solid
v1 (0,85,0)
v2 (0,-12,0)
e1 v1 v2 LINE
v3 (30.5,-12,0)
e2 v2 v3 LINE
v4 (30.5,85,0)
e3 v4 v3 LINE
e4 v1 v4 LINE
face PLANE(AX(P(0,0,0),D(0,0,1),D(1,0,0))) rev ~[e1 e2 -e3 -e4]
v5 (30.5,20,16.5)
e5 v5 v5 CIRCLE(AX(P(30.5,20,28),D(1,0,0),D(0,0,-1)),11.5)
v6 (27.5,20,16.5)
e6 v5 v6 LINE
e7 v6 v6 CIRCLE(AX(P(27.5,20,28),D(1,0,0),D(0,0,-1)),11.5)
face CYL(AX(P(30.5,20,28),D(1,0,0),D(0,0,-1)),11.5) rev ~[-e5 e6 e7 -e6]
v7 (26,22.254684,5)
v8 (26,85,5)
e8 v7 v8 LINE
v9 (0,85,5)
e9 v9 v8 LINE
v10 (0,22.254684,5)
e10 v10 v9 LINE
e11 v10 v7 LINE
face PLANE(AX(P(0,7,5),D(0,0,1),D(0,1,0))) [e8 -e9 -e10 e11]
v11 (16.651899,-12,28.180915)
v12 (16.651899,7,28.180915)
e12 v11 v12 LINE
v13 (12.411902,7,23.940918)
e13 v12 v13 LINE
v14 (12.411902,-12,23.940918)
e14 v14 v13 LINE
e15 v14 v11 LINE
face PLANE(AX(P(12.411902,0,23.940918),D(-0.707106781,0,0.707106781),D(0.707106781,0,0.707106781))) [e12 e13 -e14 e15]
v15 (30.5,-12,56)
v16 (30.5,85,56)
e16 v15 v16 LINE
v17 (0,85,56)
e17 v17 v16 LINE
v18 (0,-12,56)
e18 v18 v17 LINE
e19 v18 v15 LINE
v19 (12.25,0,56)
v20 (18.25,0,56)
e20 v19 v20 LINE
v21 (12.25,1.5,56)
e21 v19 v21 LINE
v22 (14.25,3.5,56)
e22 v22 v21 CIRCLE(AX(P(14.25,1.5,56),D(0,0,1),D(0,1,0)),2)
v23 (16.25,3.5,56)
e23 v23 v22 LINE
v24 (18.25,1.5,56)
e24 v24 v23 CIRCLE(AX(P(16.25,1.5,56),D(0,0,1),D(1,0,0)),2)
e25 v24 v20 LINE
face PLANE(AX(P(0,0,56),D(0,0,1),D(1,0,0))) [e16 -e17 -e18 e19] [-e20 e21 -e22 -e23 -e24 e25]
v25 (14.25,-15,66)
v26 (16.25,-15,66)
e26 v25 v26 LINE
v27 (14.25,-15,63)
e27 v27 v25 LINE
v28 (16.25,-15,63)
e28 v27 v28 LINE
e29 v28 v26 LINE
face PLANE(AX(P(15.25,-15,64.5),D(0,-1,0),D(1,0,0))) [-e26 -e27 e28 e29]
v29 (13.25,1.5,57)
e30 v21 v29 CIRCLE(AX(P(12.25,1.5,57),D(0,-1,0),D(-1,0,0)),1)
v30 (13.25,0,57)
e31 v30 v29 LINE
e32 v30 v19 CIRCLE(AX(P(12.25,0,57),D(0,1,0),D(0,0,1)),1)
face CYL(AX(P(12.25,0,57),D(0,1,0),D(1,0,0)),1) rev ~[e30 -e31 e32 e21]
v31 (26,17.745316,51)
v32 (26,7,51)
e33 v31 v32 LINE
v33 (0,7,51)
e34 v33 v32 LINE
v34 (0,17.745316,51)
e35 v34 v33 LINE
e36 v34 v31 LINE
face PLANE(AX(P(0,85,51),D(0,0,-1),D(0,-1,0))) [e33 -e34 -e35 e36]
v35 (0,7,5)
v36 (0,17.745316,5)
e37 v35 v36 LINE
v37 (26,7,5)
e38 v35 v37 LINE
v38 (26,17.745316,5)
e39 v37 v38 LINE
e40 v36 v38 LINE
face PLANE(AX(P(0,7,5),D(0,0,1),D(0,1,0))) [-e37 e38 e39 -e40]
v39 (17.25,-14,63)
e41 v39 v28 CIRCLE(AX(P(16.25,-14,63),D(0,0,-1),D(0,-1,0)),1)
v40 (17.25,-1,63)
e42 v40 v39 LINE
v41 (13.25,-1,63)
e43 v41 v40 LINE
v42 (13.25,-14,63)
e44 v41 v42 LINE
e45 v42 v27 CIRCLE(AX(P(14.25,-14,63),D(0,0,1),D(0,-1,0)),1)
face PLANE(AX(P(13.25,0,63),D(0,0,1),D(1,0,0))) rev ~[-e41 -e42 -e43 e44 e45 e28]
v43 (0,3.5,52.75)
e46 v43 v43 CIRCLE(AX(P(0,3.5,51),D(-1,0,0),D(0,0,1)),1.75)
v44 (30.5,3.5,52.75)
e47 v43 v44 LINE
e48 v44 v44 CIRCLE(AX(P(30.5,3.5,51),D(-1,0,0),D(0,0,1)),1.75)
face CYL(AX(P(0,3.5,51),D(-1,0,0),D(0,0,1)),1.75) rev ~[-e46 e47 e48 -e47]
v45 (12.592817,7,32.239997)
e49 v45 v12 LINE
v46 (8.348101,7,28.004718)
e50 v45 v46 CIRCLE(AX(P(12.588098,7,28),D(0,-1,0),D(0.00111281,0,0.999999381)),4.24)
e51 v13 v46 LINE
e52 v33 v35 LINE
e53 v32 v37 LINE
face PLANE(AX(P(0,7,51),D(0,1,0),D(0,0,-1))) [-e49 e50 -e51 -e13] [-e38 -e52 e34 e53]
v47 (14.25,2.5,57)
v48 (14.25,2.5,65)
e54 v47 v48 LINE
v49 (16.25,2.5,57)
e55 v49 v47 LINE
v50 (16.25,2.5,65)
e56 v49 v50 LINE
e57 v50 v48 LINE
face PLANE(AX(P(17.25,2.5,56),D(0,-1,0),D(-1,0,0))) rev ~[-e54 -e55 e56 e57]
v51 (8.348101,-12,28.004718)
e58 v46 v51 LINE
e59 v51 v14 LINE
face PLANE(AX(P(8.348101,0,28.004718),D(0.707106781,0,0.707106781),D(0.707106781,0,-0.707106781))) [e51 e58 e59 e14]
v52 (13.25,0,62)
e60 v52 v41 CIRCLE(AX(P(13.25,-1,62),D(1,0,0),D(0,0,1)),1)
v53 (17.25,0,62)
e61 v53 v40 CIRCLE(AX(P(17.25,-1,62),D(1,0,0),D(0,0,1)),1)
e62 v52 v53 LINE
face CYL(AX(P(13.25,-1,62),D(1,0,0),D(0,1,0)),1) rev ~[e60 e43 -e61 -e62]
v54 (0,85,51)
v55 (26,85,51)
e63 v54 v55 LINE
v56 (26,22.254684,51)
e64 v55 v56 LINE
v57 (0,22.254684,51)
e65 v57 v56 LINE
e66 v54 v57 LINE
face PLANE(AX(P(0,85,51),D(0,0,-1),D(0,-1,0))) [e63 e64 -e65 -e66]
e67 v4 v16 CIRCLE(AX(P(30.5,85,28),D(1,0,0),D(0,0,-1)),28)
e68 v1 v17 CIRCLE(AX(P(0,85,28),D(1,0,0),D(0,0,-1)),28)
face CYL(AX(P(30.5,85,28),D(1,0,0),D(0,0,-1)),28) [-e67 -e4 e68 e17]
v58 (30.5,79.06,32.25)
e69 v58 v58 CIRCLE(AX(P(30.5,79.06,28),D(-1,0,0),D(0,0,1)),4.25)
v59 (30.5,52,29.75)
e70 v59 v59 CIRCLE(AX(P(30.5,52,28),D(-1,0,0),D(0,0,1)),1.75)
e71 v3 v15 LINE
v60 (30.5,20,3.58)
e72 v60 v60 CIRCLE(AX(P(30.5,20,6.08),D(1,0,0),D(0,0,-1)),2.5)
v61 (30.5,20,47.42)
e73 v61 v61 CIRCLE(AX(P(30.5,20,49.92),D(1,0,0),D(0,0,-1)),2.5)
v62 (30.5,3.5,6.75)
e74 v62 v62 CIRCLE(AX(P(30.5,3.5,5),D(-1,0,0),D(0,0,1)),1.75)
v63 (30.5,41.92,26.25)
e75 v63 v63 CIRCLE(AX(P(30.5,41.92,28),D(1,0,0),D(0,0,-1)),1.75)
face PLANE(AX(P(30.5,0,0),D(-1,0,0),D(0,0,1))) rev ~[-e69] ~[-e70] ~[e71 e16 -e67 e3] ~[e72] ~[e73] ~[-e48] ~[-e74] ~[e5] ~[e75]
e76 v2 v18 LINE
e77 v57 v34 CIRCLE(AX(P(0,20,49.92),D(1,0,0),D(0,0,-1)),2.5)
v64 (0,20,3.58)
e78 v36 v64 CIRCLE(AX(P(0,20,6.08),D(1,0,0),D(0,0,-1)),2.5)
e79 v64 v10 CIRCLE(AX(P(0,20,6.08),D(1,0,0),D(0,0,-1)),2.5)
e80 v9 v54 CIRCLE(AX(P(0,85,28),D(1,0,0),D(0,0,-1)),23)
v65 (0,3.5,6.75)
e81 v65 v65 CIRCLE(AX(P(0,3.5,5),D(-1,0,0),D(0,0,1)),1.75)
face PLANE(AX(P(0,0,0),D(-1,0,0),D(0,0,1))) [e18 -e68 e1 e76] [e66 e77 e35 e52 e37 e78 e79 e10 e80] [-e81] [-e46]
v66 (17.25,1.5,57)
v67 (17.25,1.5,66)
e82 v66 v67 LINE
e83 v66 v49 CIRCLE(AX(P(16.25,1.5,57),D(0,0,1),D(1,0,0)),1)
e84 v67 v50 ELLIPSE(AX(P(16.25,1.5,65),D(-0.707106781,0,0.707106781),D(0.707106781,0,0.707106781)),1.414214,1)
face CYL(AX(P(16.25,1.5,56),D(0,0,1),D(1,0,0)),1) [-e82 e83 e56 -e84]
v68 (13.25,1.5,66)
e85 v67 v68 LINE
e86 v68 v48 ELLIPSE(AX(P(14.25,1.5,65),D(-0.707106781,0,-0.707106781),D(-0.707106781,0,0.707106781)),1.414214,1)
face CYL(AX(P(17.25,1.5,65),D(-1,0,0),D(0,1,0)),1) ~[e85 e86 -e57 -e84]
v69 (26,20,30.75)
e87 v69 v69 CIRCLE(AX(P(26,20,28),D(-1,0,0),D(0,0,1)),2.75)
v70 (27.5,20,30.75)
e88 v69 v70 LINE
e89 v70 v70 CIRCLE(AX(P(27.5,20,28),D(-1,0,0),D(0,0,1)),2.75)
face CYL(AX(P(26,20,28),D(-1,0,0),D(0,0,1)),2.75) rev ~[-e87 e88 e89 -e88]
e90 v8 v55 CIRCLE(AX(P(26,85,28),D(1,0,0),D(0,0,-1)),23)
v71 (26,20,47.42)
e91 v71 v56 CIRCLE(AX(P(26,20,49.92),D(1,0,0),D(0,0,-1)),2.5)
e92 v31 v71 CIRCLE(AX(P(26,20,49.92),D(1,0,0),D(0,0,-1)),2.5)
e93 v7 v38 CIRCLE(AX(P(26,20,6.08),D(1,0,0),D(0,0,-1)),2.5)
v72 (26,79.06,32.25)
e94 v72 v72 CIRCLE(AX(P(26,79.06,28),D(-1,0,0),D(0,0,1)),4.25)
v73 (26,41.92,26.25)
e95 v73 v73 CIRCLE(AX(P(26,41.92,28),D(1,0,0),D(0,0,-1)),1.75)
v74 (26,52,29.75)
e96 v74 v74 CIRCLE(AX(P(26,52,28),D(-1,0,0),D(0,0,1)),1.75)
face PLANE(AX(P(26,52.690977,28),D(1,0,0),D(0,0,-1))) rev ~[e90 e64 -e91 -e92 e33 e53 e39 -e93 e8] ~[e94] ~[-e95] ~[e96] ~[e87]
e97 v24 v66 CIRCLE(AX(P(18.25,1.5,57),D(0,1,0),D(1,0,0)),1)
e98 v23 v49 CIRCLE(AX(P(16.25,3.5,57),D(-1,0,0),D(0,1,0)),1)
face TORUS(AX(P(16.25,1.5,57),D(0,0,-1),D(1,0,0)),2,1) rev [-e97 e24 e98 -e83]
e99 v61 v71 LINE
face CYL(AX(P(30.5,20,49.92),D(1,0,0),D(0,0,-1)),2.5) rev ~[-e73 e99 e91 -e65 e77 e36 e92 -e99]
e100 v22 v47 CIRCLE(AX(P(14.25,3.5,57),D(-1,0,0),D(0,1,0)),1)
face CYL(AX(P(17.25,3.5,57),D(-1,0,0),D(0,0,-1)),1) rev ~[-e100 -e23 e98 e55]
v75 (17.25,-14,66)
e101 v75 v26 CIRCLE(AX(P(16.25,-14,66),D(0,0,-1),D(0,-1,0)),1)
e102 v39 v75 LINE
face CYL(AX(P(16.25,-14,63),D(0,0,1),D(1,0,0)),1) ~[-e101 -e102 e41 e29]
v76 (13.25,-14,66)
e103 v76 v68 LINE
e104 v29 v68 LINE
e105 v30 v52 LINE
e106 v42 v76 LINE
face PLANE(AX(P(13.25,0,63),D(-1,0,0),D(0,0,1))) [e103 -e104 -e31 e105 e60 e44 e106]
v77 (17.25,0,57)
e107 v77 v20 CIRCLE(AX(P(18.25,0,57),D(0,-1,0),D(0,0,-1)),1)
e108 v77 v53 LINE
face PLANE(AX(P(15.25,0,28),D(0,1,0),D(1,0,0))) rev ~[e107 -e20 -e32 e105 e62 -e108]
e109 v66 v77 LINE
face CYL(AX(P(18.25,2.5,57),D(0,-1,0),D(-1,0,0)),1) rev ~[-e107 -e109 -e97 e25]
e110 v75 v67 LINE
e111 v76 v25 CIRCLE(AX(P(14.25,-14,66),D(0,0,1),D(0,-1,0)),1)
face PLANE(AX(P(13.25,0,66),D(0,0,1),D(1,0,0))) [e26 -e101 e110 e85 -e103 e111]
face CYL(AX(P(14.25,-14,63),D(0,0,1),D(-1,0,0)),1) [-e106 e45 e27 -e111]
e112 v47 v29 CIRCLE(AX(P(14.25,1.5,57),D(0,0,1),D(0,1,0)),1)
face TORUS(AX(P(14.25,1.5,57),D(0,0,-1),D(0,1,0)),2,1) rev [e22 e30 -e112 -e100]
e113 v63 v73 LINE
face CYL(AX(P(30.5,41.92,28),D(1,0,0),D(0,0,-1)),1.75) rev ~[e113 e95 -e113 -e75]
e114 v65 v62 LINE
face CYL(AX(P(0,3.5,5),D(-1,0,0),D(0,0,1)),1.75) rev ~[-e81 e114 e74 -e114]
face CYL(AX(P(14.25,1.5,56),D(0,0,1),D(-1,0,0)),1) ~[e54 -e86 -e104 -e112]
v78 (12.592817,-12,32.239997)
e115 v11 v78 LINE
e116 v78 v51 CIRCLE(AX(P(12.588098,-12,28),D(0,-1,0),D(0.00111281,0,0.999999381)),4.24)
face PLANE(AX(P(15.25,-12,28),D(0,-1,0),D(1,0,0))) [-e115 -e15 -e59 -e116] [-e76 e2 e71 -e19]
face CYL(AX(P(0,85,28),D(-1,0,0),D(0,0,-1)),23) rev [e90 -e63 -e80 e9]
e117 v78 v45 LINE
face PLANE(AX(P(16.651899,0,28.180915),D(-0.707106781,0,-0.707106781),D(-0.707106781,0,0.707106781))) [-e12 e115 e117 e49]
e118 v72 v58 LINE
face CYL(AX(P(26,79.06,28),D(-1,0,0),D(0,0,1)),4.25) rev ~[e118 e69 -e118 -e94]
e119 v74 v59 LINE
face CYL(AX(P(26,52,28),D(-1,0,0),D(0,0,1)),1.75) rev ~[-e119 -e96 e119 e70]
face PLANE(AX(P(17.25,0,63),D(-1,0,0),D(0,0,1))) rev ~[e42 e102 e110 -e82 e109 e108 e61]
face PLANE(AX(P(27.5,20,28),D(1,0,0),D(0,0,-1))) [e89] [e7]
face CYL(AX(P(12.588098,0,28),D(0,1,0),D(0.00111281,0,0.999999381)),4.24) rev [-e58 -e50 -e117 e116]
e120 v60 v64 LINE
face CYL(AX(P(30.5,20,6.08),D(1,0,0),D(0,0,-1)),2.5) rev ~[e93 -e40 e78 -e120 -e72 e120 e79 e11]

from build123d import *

# Parameters (mm, degrees)
SKETCH2_W           = 30.5
SKETCH2_H           = 56
BOSS_EXTRUDE3_DEPTH = 85
BOSS_EXTRUDE4_DEPTH = 30.5
CUT_EXTRUDE2_DEPTH  = 26
SKETCH5_R           = 2.75
SKETCH5_R_2         = 4.25
SKETCH5_R_3         = 1.75
CUT_EXTRUDE3_DEPTH  = 10
SKETCH7_R           = 11.5
CUT_EXTRUDE5_DEPTH  = 3
SKETCH9_R           = 1.75
CUT_EXTRUDE7_DEPTH  = 77
SKETCH6_R           = 2.5
SKETCH6_R_2         = 1.75
CUT_EXTRUDE8_DEPTH  = 77
BOSS_EXTRUDE5_DEPTH = 10
SKETCH12_W          = 4
SKETCH12_H          = 3
BOSS_EXTRUDE6_DEPTH = 15
FILLET2_R           = 1
SKETCH13_W          = 30.5
SKETCH13_H          = 56
BOSS_EXTRUDE7_DEPTH = 12
CUT_EXTRUDE9_DEPTH  = 22


with BuildPart() as part:
    # Sketch2 → Boss-Extrude3 (new body)
    with BuildSketch(Plane(origin=(0, 0, 0), x_dir=(1, 0, 0), z_dir=(0, 1, 0))):
        with Locations((15.25, -28)):
            Rectangle(SKETCH2_W, SKETCH2_H)
    extrude(amount=BOSS_EXTRUDE3_DEPTH)

    # Sketch4 → Boss-Extrude4 (add)
    with BuildSketch(Plane(origin=(30.5, 0, 0), x_dir=(0, 0, -1), z_dir=(1, 0, 0))):
        with BuildLine():
            Line((-56, 85), (0, 85))
            ThreePointArc((0, 85), (-28, 113), (-56, 85))
        make_face()
    extrude(amount=-BOSS_EXTRUDE4_DEPTH)

    # Sketch3 → Cut-Extrude2 (cut)
    with BuildSketch(Plane.ZY):
        with BuildLine():
            Line((5, 10), (5, 80))
            Line((5, 80), (5, 85))
            ThreePointArc((5, 85), (28, 108), (51, 85))
            Line((51, 85), (51, 80))
            Line((51, 80), (51, 10))
            Line((51, 10), (51, 7))
            Line((51, 7), (5, 7))
            Line((5, 7), (5, 10))
        make_face()
    extrude(amount=-CUT_EXTRUDE2_DEPTH, mode=Mode.SUBTRACT)

    # Sketch5 → Cut-Extrude3 (cut)
    with BuildSketch(Plane.ZY.offset(-26)):
        with Locations((28, 20)):
            Circle(SKETCH5_R)
        with Locations((28, 79.06)):
            Circle(SKETCH5_R_2)
        with Locations((28, 52)):
            Circle(SKETCH5_R_3)
    extrude(amount=-CUT_EXTRUDE3_DEPTH, mode=Mode.SUBTRACT)

    # Sketch7 → Cut-Extrude5 (cut)
    with BuildSketch(Plane(origin=(30.5, 0, 0), x_dir=(0, 0, -1), z_dir=(1, 0, 0))):
        with Locations((-28, 20)):
            Circle(SKETCH7_R)
    extrude(amount=-CUT_EXTRUDE5_DEPTH, mode=Mode.SUBTRACT)

    # Sketch9 → Cut-Extrude7 (cut)
    with BuildSketch(Plane.ZY):
        with Locations((5, 3.5)):
            Circle(SKETCH9_R)
        with Locations((51, 3.5)):
            Circle(SKETCH9_R)
    extrude(amount=-CUT_EXTRUDE7_DEPTH, mode=Mode.SUBTRACT)

    # Sketch6 → Cut-Extrude8 (cut)
    with BuildSketch(Plane(origin=(30.5, 0, 0), x_dir=(0, 0, -1), z_dir=(1, 0, 0))):
        with Locations((-49.92, 20)):
            Circle(SKETCH6_R)
        with Locations((-6.08, 20)):
            Circle(SKETCH6_R)
        with Locations((-28, 41.92)):
            Circle(SKETCH6_R_2)
    extrude(amount=-CUT_EXTRUDE8_DEPTH, mode=Mode.SUBTRACT)

    # Sketch11 → Boss-Extrude5 (add)
    with BuildSketch(Plane.XY.offset(56)):
        Polygon((15.25, 2.5), (17.25, 2.5), (17.25, 0), (15.25, 0), (13.25, 0), (13.25, 2.5), align=None)
    extrude(amount=BOSS_EXTRUDE5_DEPTH)

    # Sketch12 → Boss-Extrude6 (add)
    with BuildSketch(Plane.XZ):
        with Locations((15.25, 64.5)):
            Rectangle(SKETCH12_W, SKETCH12_H)
    extrude(amount=BOSS_EXTRUDE6_DEPTH)

    # Fillet2
    fillet2_edges = [part.edges().sort_by_distance(p)[0] for p in [
        (17.25, 1.25, 56),
        (15.25, 2.5, 56),
        (17.25, 2.5, 61),
        (13.25, 1.25, 56),
        (13.25, 2.5, 61),
        (15.25, 2.5, 66),
        (15.25, 0, 63),
        (13.25, -15, 64.5),
        (17.25, -15, 64.5),
    ]]
    fillet(fillet2_edges, radius=FILLET2_R)

    # Sketch13 → Boss-Extrude7 (add)
    with BuildSketch(Plane.XZ):
        with Locations((15.25, 28)):
            Rectangle(SKETCH13_W, SKETCH13_H)
        with BuildLine():
            Line((8.34810103, 28.004718314), (12.411901595, 23.940917749))
            Line((12.411901595, 23.940917749), (16.65189897, 28.180915124))
            Line((16.65189897, 28.180915124), (12.592816719, 32.239997375))
            ThreePointArc((12.592816719, 32.239997375), (9.593303861, 31.001467248), (8.34810103, 28.004718314))
        make_face(mode=Mode.SUBTRACT)
    extrude(amount=BOSS_EXTRUDE7_DEPTH)

    # Sketch15 → Cut-Extrude9 (cut)
    with BuildSketch(Plane.XZ.offset(12)):
        with BuildLine():
            Line((8.34810103, 28.004718314), (12.411901595, 23.940917749))
            Line((12.411901595, 23.940917749), (16.65189897, 28.180915124))
            Line((16.65189897, 28.180915124), (12.592816719, 32.239997375))
            ThreePointArc((12.592816719, 32.239997375), (9.593303861, 31.001467248), (8.34810103, 28.004718314))
        make_face()
    extrude(amount=-CUT_EXTRUDE9_DEPTH, mode=Mode.SUBTRACT)


solid = part.part
